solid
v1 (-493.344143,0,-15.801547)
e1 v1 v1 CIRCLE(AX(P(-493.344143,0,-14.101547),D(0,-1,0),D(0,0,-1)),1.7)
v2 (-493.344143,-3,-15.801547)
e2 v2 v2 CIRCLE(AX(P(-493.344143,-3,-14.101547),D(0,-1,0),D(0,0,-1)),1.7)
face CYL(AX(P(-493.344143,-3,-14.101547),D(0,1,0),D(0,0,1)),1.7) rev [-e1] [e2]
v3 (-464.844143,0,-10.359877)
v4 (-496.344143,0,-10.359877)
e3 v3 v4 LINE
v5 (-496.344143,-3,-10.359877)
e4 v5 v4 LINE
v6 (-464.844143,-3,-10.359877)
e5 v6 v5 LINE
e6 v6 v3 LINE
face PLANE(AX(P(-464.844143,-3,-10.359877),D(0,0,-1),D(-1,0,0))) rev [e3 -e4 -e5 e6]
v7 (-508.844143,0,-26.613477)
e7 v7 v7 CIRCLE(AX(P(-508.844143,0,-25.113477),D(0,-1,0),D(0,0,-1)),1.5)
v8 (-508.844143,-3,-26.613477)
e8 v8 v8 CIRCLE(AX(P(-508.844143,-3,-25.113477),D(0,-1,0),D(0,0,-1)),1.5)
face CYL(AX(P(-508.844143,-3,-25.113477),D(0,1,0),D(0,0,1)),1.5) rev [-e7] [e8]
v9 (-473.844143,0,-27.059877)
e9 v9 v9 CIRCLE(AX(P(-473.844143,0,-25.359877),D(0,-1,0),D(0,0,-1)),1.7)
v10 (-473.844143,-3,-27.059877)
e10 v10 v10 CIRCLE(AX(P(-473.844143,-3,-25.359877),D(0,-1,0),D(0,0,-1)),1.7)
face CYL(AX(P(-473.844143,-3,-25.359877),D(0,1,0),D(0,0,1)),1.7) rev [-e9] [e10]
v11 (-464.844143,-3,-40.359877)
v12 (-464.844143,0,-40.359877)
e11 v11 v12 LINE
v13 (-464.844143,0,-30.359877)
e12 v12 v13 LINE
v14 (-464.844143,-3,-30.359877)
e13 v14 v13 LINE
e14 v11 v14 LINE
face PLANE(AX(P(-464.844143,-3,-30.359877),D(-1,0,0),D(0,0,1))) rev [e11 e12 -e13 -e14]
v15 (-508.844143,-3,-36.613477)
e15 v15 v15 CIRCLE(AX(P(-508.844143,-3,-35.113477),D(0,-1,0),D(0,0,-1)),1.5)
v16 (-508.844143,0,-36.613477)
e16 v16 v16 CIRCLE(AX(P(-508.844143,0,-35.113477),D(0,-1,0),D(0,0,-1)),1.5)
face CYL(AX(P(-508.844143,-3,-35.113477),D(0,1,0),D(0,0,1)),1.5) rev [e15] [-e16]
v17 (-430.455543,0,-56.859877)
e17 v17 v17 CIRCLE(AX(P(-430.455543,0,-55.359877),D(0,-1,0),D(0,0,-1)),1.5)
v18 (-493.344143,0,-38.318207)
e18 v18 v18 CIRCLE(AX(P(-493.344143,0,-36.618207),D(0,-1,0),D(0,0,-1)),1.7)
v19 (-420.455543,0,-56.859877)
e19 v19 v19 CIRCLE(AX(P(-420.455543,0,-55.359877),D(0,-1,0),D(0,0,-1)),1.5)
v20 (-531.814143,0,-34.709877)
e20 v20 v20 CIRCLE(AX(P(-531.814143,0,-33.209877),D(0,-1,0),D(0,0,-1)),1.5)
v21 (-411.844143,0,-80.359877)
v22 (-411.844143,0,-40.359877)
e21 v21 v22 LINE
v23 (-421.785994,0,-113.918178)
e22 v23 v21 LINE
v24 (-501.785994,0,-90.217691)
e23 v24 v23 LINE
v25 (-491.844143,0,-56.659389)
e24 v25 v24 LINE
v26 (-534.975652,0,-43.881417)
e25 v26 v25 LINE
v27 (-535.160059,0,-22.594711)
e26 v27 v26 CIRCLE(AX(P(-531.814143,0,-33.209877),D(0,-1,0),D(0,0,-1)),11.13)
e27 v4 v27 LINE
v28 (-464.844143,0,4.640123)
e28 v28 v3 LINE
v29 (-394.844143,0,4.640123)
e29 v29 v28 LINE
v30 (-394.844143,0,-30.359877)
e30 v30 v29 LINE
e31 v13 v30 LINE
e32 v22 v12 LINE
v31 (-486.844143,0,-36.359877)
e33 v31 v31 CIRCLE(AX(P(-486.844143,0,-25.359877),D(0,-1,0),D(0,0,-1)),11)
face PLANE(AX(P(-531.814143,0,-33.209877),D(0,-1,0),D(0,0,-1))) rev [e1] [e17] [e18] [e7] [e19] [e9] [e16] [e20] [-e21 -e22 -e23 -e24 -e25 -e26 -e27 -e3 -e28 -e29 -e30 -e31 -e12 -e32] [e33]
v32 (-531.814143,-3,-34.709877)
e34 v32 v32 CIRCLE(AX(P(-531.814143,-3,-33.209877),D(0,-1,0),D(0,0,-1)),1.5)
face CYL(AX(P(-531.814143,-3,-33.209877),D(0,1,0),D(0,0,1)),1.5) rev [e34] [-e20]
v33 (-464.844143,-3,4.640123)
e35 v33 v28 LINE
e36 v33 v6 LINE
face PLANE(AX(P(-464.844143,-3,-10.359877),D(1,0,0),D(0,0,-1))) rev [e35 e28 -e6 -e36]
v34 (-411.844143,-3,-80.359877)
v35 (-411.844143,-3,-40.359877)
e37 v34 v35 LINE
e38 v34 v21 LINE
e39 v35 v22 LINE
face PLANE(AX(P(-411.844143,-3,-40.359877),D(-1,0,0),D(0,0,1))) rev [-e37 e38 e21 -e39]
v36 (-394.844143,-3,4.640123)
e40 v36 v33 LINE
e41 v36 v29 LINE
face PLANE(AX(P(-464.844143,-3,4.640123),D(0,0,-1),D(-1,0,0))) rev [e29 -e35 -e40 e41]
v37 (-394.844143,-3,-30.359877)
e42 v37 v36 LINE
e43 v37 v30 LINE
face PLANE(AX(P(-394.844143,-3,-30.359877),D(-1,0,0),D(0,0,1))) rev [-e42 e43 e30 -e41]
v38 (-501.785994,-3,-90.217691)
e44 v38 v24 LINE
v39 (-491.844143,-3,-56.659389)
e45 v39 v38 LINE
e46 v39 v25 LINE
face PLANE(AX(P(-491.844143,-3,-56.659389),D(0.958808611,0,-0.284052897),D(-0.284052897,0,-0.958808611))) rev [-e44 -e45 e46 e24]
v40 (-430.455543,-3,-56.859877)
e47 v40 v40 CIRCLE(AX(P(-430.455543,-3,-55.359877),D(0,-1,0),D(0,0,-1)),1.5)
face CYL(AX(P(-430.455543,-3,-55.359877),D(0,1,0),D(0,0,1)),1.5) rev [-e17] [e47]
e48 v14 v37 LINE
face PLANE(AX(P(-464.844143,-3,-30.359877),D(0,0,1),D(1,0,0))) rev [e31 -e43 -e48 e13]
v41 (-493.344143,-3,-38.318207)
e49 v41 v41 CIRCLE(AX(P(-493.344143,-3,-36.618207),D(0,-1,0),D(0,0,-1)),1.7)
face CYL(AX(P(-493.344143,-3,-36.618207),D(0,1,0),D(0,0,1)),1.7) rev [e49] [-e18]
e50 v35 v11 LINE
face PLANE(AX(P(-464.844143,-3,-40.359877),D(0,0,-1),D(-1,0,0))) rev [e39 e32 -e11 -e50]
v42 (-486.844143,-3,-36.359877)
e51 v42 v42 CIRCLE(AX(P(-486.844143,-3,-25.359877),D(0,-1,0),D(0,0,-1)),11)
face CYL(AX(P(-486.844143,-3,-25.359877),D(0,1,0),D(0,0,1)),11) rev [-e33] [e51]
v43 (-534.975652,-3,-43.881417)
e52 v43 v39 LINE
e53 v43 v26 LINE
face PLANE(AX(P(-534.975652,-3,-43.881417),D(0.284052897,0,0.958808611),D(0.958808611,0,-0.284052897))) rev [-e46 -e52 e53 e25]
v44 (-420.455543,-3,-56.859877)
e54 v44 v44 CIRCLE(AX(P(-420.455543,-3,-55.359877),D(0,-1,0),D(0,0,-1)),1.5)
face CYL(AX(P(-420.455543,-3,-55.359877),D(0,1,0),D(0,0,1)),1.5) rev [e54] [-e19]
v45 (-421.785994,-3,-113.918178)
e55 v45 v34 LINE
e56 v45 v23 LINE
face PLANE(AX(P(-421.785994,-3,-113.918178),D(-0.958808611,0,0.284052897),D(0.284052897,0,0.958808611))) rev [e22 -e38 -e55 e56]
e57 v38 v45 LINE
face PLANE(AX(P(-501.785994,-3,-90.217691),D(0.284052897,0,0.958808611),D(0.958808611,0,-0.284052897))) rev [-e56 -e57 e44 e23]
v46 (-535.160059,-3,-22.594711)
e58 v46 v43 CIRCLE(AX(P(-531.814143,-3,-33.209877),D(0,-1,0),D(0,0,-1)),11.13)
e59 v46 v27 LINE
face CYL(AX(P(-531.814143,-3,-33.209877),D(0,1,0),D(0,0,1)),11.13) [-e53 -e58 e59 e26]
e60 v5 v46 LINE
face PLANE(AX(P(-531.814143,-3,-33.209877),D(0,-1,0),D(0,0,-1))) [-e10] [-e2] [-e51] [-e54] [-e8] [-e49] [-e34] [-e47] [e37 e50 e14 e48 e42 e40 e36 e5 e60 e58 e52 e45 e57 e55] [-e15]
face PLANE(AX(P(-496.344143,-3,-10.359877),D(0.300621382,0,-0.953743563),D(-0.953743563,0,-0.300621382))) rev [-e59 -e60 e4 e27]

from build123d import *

# Parameters (mm, degrees)
ESQUISSE3_R        = 1.5
ESQUISSE3_R_2      = 11
ESQUISSE3_R_3      = 1.7
BOSS_EXTRU_3_DEPTH = 3


with BuildPart() as part:
    # Esquisse3 → Boss.-Extru.3 (new body)
    with BuildSketch(Plane.XZ):
        with BuildLine():
            Line((-464.844143116, -40.359876935), (-411.844143116, -40.359876935))
            Line((-411.844143116, -40.359876935), (-411.844143116, -80.359876935))
            Line((-411.844143116, -80.359876935), (-421.785994494, -113.91817831))
            Line((-421.785994494, -113.91817831), (-501.785994494, -90.217690572))
            Line((-501.785994494, -90.217690572), (-491.844143116, -56.659389197))
            Line((-491.844143116, -56.659389197), (-534.975651854, -43.881416773))
            ThreePointArc((-534.975651854, -43.881416773), (-542.943725497, -33.306292776), (-535.160059098, -22.594711075))
            Line((-535.160059098, -22.594711075), (-496.344143116, -10.359876935))
            Line((-496.344143116, -10.359876935), (-464.844143116, -10.359876935))
            Line((-464.844143116, -10.359876935), (-464.844143116, 4.640123065))
            Line((-464.844143116, 4.640123065), (-394.844143116, 4.640123065))
            Line((-394.844143116, 4.640123065), (-394.844143116, -30.359876935))
            Line((-394.844143116, -30.359876935), (-464.844143116, -30.359876935))
            Line((-464.844143116, -30.359876935), (-464.844143116, -40.359876935))
        make_face()
        with Locations((-531.814143116, -33.209876935)):
            Circle(ESQUISSE3_R, mode=Mode.SUBTRACT)
        with Locations((-508.844143116, -35.113476935)):
            Circle(ESQUISSE3_R, mode=Mode.SUBTRACT)
        with Locations((-508.844143116, -25.113476935)):
            Circle(ESQUISSE3_R, mode=Mode.SUBTRACT)
        with Locations((-486.844143116, -25.359876935)):
            Circle(ESQUISSE3_R_2, mode=Mode.SUBTRACT)
        with Locations((-473.844143116, -25.359876935)):
            Circle(ESQUISSE3_R_3, mode=Mode.SUBTRACT)
        with Locations((-493.344143116, -36.618207185)):
            Circle(ESQUISSE3_R_3, mode=Mode.SUBTRACT)
        with Locations((-493.344143116, -14.101546686)):
            Circle(ESQUISSE3_R_3, mode=Mode.SUBTRACT)
        with Locations((-420.455543116, -55.359876935)):
            Circle(ESQUISSE3_R, mode=Mode.SUBTRACT)
        with Locations((-430.455543116, -55.359876935)):
            Circle(ESQUISSE3_R, mode=Mode.SUBTRACT)
    extrude(amount=BOSS_EXTRU_3_DEPTH)


solid = part.part
